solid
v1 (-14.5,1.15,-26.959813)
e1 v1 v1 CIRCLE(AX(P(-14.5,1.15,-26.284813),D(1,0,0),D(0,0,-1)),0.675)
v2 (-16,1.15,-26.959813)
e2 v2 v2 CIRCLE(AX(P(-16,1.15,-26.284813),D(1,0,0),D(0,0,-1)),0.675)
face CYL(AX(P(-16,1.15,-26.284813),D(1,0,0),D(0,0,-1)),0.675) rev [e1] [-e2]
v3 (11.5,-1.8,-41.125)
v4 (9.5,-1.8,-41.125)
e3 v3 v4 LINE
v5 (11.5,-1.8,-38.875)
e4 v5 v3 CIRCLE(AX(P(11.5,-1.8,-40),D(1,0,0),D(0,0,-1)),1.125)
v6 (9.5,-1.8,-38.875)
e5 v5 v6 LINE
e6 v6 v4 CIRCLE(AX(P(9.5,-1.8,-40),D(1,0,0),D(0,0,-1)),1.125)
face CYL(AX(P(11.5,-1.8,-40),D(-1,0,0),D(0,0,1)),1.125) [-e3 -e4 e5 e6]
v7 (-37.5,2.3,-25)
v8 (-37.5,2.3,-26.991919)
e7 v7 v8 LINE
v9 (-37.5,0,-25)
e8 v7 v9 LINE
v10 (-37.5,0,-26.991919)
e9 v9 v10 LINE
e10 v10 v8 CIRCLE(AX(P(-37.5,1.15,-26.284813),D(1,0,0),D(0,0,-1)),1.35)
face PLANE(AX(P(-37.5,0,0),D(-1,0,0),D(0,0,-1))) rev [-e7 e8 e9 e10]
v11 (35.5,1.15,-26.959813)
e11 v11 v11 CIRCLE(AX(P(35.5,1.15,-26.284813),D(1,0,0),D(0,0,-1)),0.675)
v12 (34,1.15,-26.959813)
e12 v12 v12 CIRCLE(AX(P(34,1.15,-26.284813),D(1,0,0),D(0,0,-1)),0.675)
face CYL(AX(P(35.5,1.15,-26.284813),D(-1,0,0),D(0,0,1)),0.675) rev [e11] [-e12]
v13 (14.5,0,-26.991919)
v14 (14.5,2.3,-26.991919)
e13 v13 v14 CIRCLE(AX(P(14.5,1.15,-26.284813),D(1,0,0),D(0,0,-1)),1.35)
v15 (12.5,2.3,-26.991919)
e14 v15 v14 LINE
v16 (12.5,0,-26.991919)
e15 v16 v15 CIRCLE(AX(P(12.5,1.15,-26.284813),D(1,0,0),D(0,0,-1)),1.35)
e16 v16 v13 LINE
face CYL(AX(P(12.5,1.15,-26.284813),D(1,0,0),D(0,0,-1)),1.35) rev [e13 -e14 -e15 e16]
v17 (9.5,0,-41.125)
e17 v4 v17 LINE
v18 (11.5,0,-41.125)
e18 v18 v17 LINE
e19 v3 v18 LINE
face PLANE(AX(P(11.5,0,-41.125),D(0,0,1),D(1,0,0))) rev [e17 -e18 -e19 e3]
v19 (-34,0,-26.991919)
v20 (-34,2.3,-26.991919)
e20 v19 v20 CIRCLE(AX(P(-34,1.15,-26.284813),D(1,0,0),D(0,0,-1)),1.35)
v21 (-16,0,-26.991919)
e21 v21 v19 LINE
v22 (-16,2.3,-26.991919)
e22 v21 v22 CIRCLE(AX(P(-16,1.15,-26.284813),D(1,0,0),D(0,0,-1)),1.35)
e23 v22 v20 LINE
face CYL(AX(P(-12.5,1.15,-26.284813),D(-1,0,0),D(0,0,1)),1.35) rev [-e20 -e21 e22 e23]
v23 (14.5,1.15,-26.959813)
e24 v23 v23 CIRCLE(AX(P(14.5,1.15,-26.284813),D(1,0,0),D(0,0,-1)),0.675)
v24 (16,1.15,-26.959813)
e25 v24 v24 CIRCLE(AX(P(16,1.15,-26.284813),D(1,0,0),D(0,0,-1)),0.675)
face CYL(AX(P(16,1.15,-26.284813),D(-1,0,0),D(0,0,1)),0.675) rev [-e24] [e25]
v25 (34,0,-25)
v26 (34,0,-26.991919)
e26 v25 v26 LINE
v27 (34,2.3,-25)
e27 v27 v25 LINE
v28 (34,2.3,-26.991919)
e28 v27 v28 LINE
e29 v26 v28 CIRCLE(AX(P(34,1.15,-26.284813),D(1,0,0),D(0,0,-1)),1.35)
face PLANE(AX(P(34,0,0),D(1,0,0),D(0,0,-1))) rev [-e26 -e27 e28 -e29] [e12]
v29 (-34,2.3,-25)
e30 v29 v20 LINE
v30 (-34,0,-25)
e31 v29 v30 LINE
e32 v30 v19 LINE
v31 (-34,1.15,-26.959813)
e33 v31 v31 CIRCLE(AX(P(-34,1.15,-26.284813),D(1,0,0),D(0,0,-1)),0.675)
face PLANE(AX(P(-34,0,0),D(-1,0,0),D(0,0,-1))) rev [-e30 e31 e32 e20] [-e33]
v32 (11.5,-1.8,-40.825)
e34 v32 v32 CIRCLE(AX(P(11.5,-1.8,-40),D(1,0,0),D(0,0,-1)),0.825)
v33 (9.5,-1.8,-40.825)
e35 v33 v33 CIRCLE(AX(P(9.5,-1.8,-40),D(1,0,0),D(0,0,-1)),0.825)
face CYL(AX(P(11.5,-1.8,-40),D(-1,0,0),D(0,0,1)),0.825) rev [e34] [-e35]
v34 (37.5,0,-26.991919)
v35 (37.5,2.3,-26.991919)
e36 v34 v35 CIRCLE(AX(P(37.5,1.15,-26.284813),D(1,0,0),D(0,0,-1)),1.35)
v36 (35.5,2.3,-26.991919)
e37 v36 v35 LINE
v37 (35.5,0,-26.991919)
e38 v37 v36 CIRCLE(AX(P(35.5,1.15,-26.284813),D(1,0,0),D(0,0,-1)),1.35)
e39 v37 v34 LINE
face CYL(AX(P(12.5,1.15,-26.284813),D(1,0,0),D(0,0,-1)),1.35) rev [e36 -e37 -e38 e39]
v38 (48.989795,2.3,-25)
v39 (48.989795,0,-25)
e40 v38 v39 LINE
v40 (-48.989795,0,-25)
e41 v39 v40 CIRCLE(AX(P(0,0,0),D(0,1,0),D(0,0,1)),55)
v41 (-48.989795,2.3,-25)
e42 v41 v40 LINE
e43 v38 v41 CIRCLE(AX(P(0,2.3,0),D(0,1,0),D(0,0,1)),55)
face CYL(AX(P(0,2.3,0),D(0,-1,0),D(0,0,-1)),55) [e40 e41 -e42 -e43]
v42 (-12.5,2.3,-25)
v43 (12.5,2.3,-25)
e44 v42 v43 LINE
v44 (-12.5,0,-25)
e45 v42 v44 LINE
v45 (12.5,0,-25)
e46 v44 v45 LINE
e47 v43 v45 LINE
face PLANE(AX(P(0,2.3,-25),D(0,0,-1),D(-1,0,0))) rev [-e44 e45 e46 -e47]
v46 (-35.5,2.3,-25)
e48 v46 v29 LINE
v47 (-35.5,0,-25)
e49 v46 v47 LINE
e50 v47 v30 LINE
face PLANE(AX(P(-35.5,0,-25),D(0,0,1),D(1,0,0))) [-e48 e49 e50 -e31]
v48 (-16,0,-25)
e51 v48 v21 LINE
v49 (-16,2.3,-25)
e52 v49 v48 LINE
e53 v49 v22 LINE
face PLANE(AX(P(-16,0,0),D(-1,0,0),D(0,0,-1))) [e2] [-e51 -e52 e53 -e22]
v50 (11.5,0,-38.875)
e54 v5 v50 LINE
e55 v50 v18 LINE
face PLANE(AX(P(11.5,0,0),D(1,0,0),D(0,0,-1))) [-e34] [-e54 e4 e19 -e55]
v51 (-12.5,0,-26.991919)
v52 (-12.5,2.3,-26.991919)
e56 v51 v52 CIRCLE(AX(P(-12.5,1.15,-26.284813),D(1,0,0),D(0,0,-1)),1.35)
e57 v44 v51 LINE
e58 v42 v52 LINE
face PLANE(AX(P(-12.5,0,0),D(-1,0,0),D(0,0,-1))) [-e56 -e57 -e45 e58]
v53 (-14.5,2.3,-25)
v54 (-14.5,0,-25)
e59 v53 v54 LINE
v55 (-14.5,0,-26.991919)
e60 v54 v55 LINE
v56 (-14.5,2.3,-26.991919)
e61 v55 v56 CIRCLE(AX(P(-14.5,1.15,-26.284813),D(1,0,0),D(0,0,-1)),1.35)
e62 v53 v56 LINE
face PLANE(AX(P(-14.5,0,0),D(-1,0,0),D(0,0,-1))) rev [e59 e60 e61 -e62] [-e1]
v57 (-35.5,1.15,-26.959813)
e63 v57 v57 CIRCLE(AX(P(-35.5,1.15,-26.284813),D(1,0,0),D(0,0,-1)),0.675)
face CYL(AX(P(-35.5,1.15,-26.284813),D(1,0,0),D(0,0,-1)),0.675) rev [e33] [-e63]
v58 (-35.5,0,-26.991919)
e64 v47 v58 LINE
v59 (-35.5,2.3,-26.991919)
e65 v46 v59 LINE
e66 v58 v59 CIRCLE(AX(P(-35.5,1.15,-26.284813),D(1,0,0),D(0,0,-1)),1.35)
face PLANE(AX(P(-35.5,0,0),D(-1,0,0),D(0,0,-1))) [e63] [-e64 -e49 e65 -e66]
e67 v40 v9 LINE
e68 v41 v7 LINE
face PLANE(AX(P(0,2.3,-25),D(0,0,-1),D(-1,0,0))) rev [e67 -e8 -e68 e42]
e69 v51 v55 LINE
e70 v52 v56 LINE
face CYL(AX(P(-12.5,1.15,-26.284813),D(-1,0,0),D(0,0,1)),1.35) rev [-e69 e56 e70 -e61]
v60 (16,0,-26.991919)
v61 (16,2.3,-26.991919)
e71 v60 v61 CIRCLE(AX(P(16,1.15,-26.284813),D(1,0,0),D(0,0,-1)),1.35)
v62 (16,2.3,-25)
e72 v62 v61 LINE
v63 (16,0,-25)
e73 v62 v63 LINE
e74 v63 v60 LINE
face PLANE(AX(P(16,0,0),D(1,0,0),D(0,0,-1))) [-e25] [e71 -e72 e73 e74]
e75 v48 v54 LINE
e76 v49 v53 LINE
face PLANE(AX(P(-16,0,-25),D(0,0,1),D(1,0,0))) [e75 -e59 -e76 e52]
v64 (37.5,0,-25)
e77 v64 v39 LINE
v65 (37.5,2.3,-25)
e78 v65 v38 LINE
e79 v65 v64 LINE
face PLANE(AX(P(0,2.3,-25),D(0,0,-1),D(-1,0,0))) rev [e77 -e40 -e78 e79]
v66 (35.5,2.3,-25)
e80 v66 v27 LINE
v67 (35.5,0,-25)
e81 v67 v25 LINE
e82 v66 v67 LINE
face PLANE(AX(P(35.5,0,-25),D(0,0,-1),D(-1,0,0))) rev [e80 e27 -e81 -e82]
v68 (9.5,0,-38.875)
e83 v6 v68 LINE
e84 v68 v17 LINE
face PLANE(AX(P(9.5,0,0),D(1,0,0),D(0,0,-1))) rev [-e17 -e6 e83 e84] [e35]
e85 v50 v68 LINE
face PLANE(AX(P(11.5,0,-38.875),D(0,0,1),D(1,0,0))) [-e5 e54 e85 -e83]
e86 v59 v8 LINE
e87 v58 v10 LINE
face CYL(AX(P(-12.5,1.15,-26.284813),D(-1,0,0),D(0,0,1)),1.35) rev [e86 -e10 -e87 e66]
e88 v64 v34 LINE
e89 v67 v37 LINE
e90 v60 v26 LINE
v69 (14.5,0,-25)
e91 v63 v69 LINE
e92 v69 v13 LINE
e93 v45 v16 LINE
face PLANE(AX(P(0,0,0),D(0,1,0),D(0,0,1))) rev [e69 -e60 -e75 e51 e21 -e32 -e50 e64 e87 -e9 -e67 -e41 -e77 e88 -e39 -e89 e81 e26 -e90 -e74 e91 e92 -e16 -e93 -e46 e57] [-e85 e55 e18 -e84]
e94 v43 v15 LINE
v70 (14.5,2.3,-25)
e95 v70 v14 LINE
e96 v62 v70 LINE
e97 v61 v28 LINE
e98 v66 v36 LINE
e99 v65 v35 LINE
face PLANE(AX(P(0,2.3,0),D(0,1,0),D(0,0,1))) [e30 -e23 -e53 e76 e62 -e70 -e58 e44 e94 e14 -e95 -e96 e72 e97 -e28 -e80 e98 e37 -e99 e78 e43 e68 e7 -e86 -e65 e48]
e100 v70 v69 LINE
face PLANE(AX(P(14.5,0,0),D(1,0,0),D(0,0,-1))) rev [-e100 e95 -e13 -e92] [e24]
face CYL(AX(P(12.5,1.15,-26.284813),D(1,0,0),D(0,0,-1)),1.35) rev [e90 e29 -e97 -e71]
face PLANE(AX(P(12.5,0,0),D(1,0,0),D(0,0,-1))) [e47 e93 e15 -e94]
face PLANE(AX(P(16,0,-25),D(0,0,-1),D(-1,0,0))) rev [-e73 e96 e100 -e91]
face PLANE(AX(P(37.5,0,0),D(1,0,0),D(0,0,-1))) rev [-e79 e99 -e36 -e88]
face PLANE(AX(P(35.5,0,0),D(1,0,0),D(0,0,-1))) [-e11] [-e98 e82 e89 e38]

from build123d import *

# Parameters (mm, degrees)
BOSS_EXTRUDE1_DEPTH = 2.3
CUT_EXTRUDE1_START  = 25
CUT_EXTRUDE1_DEPTH  = 12.5
BOSS_EXTRUDE2_START = 35.5
SKETCH2_8_R         = 0.675
BOSS_EXTRUDE2_DEPTH = 1.5
BOSS_EXTRUDE5_START = 16
SKETCH2_11_R        = 0.675
BOSS_EXTRUDE5_DEPTH = 1.5
BOSS_EXTRUDE3_START = 10.5
SKETCH4_R           = 0.825
BOSS_EXTRUDE3_DEPTH = 1


with BuildPart() as part:
    # Sketch1 → Boss-Extrude1 (new body)
    with BuildSketch(Plane(origin=(0, 0, 0), x_dir=(1, 0, 0), z_dir=(0, 1, 0))):
        with BuildLine():
            ThreePointArc((48.989794856, 25), (0, 55), (-48.989794856, 25))
            Line((-48.989794856, 25), (48.989794856, 25))
        make_face()
    extrude(amount=BOSS_EXTRUDE1_DEPTH)

    # Sketch2 → Cut-Extrude1 (cut, symmetric)
    with BuildSketch(Plane(origin=(0, 0, 0), x_dir=(0, 0, -1), z_dir=(1, 0, 0)).offset(CUT_EXTRUDE1_START)):
        with BuildLine():
            Line((25, 2.3), (25, 0))
            Line((25, 0), (26.991919376, 0))
            ThreePointArc((26.991919376, 0), (27.634812595, 1.15), (26.991919376, 2.3))
            Line((26.991919376, 2.3), (25, 2.3))
        make_face()
    cut_extrude1 = extrude(amount=CUT_EXTRUDE1_DEPTH, both=True, mode=Mode.SUBTRACT)

    # Sketch2<8> → Boss-Extrude2 (add)
    with BuildSketch(Plane(origin=(0, 0, 0), x_dir=(0, 0, -1), z_dir=(1, 0, 0)).offset(BOSS_EXTRUDE2_START)):
        with BuildLine():
            Line((25, 2.3), (25, 0))
            Line((25, 0), (26.991919376, 0))
            ThreePointArc((26.991919376, 0), (27.634812595, 1.15), (26.991919376, 2.3))
            Line((26.991919376, 2.3), (25, 2.3))
        make_face()
        with Locations((26.284812595, 1.15)):
            Circle(SKETCH2_8_R, mode=Mode.SUBTRACT)
    boss_extrude2 = extrude(amount=-BOSS_EXTRUDE2_DEPTH)

    # Sketch2<11> → Boss-Extrude5 (add)
    with BuildSketch(Plane(origin=(0, 0, 0), x_dir=(0, 0, -1), z_dir=(1, 0, 0)).offset(BOSS_EXTRUDE5_START)):
        with BuildLine():
            Line((25, 2.3), (25, 0))
            Line((25, 0), (26.991919376, 0))
            ThreePointArc((26.991919376, 0), (27.634812595, 1.15), (26.991919376, 2.3))
            Line((26.991919376, 2.3), (25, 2.3))
        make_face()
        with Locations((26.284812595, 1.15)):
            Circle(SKETCH2_11_R, mode=Mode.SUBTRACT)
    boss_extrude5 = extrude(amount=-BOSS_EXTRUDE5_DEPTH)

    # Mirror1: Cut-Extrude1, Boss-Extrude2, Boss-Extrude5 across plane
    add(cut_extrude1.mirror(Plane(origin=(0, 0, 0), x_dir=(0, 0, 1), z_dir=(1, 0, 0))), mode=Mode.SUBTRACT)
    add(boss_extrude2.mirror(Plane(origin=(0, 0, 0), x_dir=(0, 0, 1), z_dir=(1, 0, 0))))
    add(boss_extrude5.mirror(Plane(origin=(0, 0, 0), x_dir=(0, 0, 1), z_dir=(1, 0, 0))))

    # Sketch4 → Boss-Extrude3 (add, symmetric)
    with BuildSketch(Plane(origin=(0, 0, 0), x_dir=(0, 0, -1), z_dir=(1, 0, 0)).offset(BOSS_EXTRUDE3_START)):
        with BuildLine():
            Line((41.125, 0), (38.875, 0))
            Line((38.875, 0), (38.875, -1.8))
            ThreePointArc((38.875, -1.8), (40, -2.925), (41.125, -1.8))
            Line((41.125, -1.8), (41.125, 0))
        make_face()
        with Locations((40, -1.8)):
            Circle(SKETCH4_R, mode=Mode.SUBTRACT)
    extrude(amount=BOSS_EXTRUDE3_DEPTH, both=True)


solid = part.part
